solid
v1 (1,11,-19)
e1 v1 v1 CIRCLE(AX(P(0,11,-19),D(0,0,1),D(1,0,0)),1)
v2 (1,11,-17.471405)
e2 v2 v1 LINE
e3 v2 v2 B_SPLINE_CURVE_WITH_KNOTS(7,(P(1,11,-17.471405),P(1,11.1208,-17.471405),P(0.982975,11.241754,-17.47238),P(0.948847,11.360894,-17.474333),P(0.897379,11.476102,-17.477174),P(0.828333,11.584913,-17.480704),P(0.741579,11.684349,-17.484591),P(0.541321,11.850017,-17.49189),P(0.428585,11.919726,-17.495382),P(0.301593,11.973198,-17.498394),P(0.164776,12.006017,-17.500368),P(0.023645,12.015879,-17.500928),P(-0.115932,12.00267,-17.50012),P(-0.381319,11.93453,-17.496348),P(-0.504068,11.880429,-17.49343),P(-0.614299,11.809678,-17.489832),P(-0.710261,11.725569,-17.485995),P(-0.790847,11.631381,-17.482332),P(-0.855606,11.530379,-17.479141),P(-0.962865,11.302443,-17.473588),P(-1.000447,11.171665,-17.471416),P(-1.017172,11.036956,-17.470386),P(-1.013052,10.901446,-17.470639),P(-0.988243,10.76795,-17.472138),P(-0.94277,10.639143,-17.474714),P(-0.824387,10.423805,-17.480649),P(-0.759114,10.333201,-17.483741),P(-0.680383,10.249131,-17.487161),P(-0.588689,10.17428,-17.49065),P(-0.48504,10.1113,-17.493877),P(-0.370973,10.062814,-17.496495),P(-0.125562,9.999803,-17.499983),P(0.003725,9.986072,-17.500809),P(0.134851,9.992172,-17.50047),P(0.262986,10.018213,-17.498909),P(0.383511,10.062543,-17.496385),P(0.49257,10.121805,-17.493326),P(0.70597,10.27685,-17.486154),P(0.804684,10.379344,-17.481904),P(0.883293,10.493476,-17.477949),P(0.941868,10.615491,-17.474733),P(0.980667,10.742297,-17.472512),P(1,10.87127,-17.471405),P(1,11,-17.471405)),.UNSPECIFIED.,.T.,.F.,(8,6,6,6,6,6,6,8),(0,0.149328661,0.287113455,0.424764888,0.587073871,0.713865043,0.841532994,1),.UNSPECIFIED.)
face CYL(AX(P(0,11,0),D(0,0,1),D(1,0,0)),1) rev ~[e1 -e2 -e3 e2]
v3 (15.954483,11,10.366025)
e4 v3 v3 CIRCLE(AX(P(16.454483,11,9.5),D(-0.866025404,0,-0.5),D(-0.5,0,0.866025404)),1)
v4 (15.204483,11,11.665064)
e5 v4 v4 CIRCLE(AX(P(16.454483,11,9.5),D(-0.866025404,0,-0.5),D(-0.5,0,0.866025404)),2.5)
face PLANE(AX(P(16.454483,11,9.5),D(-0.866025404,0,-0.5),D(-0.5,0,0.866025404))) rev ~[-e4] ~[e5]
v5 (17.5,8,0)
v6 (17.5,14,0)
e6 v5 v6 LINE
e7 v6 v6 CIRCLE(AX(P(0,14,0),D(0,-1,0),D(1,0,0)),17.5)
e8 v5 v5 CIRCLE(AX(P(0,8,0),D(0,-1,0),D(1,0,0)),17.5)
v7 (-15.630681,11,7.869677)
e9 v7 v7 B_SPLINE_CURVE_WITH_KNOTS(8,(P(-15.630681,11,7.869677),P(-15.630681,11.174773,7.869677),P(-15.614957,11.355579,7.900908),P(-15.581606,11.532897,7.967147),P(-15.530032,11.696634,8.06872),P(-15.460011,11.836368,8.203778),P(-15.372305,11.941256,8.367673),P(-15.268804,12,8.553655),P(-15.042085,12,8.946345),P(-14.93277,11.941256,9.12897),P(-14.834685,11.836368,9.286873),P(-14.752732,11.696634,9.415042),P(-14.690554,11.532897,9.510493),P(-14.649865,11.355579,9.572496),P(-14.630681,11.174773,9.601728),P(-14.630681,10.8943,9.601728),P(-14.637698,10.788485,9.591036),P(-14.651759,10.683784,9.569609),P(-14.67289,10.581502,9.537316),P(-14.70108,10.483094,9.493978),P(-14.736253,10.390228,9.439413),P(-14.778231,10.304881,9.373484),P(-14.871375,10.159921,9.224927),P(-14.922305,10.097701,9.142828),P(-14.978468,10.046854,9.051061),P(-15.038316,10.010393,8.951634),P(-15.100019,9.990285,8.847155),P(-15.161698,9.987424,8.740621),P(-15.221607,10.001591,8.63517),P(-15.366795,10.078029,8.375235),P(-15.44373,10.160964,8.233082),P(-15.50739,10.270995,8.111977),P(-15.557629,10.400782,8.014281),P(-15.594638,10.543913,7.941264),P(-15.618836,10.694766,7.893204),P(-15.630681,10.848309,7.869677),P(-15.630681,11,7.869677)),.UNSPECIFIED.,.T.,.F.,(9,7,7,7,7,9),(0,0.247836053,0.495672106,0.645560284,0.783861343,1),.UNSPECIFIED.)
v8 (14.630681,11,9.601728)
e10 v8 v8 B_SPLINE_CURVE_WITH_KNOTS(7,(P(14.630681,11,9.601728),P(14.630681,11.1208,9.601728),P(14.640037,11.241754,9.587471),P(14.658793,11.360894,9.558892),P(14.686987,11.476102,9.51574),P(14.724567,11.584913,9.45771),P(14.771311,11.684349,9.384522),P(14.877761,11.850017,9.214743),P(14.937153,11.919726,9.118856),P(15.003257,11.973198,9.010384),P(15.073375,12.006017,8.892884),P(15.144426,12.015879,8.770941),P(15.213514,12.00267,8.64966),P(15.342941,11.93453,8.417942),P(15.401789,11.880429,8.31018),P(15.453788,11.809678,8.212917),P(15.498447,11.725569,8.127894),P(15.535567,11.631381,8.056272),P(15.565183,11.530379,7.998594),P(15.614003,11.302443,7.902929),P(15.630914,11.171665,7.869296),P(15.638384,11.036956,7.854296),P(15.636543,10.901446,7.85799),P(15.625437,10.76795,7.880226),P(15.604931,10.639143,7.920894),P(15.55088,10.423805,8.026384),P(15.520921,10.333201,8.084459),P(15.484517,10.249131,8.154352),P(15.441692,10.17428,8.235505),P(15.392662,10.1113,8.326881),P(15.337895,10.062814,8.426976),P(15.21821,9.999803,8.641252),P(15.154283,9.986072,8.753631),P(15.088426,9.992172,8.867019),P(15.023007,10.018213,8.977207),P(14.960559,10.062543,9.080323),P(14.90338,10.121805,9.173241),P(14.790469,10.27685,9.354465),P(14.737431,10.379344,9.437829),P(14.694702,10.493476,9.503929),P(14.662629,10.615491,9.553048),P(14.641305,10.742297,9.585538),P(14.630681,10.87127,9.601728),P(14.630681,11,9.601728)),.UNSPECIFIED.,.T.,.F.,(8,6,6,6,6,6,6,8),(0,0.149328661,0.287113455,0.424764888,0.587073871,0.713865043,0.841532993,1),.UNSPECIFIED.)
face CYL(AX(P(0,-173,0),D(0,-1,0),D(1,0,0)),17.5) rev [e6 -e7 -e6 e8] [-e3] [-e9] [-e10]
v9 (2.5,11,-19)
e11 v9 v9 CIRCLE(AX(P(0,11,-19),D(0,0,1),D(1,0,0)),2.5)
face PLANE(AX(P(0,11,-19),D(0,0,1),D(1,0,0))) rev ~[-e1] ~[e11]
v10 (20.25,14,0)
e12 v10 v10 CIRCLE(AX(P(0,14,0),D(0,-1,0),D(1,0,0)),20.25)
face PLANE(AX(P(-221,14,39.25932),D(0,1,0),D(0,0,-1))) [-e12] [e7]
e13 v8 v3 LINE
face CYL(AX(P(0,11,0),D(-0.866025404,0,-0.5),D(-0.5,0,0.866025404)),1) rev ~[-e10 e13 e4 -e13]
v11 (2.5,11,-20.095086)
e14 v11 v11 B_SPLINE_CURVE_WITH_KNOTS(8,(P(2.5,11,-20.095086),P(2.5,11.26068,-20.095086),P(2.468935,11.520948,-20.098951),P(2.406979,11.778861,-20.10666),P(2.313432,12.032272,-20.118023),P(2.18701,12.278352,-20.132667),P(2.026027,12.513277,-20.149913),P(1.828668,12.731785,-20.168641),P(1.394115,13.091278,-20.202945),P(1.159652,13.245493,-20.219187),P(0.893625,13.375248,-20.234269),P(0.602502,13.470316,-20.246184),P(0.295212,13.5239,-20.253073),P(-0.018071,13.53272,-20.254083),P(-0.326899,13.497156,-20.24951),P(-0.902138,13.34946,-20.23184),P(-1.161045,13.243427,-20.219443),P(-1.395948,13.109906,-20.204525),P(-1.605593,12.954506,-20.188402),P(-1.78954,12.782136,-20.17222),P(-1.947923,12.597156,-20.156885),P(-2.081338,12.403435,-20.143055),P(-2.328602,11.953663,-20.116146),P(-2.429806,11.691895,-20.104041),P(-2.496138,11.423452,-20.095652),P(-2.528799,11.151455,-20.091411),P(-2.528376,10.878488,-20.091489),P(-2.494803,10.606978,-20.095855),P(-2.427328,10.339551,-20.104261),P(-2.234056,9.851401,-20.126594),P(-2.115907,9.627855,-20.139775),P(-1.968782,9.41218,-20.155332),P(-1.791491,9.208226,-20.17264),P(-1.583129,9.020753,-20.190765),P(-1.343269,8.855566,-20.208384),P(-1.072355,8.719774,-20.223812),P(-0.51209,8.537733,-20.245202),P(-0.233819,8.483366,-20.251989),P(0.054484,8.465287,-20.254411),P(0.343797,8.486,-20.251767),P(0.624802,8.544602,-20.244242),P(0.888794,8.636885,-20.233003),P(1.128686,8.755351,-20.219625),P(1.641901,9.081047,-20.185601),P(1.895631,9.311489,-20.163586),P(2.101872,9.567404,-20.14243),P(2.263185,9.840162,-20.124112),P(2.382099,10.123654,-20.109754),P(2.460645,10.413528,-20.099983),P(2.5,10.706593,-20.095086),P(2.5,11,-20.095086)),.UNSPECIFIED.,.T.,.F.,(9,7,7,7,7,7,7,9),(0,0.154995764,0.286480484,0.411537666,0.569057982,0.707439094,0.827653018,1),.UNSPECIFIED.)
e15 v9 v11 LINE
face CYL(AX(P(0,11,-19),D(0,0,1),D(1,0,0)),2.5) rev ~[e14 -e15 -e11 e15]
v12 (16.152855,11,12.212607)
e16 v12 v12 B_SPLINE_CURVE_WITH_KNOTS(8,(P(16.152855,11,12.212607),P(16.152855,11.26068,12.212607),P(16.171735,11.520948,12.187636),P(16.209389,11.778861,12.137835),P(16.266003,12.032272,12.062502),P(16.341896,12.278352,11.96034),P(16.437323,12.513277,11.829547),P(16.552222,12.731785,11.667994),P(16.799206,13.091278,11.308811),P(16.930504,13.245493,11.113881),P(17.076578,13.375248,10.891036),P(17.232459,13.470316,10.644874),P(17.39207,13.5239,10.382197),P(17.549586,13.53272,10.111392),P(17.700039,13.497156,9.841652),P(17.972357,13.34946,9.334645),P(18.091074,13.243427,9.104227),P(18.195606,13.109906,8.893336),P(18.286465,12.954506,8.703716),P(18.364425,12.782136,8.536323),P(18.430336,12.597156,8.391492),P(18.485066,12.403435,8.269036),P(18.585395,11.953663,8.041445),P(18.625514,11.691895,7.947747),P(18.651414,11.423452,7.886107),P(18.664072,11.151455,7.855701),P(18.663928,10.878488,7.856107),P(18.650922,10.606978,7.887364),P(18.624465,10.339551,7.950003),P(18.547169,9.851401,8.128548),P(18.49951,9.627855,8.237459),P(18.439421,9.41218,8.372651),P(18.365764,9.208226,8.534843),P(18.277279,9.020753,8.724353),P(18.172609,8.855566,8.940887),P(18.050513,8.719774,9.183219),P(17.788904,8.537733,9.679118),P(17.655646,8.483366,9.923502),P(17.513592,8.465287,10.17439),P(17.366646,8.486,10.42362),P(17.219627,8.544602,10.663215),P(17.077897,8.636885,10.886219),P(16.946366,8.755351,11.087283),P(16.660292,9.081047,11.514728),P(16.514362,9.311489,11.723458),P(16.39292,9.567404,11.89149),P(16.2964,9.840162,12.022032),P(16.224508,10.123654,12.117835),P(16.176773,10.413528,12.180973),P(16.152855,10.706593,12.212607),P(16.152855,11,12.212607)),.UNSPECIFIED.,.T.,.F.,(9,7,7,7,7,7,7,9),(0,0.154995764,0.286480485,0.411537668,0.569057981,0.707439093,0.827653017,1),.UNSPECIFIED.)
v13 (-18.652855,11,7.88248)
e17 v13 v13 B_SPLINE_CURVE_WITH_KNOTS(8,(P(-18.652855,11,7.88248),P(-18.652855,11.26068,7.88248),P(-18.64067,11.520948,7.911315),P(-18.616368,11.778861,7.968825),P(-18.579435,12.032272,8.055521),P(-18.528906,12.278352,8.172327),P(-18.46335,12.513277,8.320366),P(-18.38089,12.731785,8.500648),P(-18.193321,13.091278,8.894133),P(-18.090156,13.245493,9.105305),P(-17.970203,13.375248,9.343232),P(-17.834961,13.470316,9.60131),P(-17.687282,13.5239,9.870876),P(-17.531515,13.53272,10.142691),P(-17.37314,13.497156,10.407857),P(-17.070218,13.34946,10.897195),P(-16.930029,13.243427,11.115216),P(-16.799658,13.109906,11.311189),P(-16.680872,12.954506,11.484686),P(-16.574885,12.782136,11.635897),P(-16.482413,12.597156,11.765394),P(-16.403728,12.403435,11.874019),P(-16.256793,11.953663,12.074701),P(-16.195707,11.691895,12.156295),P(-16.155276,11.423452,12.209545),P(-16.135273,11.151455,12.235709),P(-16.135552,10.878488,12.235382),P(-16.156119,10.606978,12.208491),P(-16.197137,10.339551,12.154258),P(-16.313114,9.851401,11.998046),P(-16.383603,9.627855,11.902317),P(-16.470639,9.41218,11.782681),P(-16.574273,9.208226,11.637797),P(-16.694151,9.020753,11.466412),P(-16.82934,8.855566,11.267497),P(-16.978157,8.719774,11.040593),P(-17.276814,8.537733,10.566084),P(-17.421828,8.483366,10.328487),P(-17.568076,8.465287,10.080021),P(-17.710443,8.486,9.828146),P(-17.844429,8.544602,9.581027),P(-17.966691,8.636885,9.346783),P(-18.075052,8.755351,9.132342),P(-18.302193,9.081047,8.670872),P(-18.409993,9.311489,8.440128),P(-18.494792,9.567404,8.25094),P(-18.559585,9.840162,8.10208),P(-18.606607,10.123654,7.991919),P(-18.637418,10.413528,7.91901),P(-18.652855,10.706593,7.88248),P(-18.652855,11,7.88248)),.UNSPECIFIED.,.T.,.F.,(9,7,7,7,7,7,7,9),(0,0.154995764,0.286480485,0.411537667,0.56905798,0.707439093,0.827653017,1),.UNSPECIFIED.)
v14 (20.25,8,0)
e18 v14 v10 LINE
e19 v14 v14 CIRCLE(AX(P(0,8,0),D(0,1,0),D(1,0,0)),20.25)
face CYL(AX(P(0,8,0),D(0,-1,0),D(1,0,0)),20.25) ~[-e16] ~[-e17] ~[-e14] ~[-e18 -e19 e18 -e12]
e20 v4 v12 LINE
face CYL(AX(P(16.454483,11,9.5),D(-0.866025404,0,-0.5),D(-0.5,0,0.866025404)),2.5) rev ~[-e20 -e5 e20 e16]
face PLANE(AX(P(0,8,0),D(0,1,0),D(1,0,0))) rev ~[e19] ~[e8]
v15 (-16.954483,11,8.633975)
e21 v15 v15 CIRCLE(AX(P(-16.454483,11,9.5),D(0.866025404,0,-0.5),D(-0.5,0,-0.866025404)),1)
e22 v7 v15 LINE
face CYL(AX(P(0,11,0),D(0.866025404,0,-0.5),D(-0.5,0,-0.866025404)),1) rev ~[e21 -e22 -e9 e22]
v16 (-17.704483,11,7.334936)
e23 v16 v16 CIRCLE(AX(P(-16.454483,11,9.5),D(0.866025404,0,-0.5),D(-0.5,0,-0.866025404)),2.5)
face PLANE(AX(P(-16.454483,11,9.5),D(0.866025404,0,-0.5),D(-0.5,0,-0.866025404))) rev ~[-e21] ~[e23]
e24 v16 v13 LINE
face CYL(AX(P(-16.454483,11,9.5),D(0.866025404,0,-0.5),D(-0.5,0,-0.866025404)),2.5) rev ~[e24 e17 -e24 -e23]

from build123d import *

# Parameters (mm, degrees)
BOSS_EXTRUDE1_DEPTH      = 8
BOSS_EXTRUDE1_DEPTH_BACK = 25
SKETCH1_R                = 17.45
SKETCH1_R_2              = 12.45
SKETCH2_R                = 20.25
SKETCH2_R_2              = 12.45
BOSS_EXTRUDE2_DEPTH      = 40
CUT_EXTRUDE1_START       = -221
SKETCH3_R                = 17.5
SKETCH3_R_2              = 12.45
CUT_EXTRUDE1_DEPTH       = 221
CUT_EXTRUDE2_DEPTH       = 221
CUT_EXTRUDE2_DEPTH_BACK  = 221
SKETCH4_W                = 78.3000253
SKETCH4_H                = 101.772836534
SKETCH5_R                = 1
CUT_EXTRUDE3_DEPTH       = 221
CUT_EXTRUDE4_START       = -19
SKETCH6_R                = 2.5
CUT_EXTRUDE4_DEPTH       = 221
CIRPATTERN1_COUNT        = 3


with BuildPart() as part:
    # Sketch1 → Boss-Extrude1 (new, two sides: drawn at the far end of the back side and taken through both)
    with BuildSketch(Plane(origin=(0, 0, 0), x_dir=(1, 0, 0), z_dir=(0, 1, 0)).offset(-BOSS_EXTRUDE1_DEPTH_BACK)):
        Circle(SKETCH1_R)
        Circle(SKETCH1_R_2, mode=Mode.SUBTRACT)
    extrude(amount=BOSS_EXTRUDE1_DEPTH + BOSS_EXTRUDE1_DEPTH_BACK)

    # Sketch2 → Boss-Extrude2 (add)
    with BuildSketch(Plane(origin=(0, 8, 0), x_dir=(1, 0, 0), z_dir=(0, 1, 0))):
        Circle(SKETCH2_R)
        Circle(SKETCH2_R_2, mode=Mode.SUBTRACT)
    extrude(amount=BOSS_EXTRUDE2_DEPTH)

    # Sketch3 → Cut-Extrude1 (cut)
    with BuildSketch(Plane(origin=(0, 48, 0), x_dir=(1, 0, 0), z_dir=(0, 1, 0)).offset(CUT_EXTRUDE1_START)):
        Circle(SKETCH3_R)
        Circle(SKETCH3_R_2, mode=Mode.SUBTRACT)
    extrude(amount=CUT_EXTRUDE1_DEPTH, mode=Mode.SUBTRACT)

    # Sketch4 → Cut-Extrude2 (cut, two sides: drawn at the far end of the back side and taken through both)
    with BuildSketch(Plane(origin=(0, 0, 0), x_dir=(0, 0, -1), z_dir=(1, 0, 0)).offset(-CUT_EXTRUDE2_DEPTH_BACK)):
        with Locations((-0.109307072, 64.886418267)):
            Rectangle(SKETCH4_W, SKETCH4_H)
    extrude(amount=CUT_EXTRUDE2_DEPTH + CUT_EXTRUDE2_DEPTH_BACK, mode=Mode.SUBTRACT)

    # Sketch5 → Cut-Extrude3 (cut)
    with BuildSketch(Plane.XY):
        with Locations((0, 11)):
            Circle(SKETCH5_R)
    cut_extrude3 = extrude(amount=-CUT_EXTRUDE3_DEPTH, mode=Mode.SUBTRACT)

    # Sketch6 → Cut-Extrude4 (cut)
    with BuildSketch(Plane.XY.offset(CUT_EXTRUDE4_START)):
        with Locations((0, 11)):
            Circle(SKETCH6_R)
    cut_extrude4 = extrude(amount=-CUT_EXTRUDE4_DEPTH, mode=Mode.SUBTRACT)

    # CirPattern1: Cut-Extrude3, Cut-Extrude4 ×3 about axis
    cirpattern1_axis = Axis((0, 14, 0), (0, -1, 0))
    add([cut_extrude3.rotate(cirpattern1_axis, i * 360 / CIRPATTERN1_COUNT) for i in range(1, CIRPATTERN1_COUNT)], mode=Mode.SUBTRACT)
    add([cut_extrude4.rotate(cirpattern1_axis, i * 360 / CIRPATTERN1_COUNT) for i in range(1, CIRPATTERN1_COUNT)], mode=Mode.SUBTRACT)


solid = part.part
